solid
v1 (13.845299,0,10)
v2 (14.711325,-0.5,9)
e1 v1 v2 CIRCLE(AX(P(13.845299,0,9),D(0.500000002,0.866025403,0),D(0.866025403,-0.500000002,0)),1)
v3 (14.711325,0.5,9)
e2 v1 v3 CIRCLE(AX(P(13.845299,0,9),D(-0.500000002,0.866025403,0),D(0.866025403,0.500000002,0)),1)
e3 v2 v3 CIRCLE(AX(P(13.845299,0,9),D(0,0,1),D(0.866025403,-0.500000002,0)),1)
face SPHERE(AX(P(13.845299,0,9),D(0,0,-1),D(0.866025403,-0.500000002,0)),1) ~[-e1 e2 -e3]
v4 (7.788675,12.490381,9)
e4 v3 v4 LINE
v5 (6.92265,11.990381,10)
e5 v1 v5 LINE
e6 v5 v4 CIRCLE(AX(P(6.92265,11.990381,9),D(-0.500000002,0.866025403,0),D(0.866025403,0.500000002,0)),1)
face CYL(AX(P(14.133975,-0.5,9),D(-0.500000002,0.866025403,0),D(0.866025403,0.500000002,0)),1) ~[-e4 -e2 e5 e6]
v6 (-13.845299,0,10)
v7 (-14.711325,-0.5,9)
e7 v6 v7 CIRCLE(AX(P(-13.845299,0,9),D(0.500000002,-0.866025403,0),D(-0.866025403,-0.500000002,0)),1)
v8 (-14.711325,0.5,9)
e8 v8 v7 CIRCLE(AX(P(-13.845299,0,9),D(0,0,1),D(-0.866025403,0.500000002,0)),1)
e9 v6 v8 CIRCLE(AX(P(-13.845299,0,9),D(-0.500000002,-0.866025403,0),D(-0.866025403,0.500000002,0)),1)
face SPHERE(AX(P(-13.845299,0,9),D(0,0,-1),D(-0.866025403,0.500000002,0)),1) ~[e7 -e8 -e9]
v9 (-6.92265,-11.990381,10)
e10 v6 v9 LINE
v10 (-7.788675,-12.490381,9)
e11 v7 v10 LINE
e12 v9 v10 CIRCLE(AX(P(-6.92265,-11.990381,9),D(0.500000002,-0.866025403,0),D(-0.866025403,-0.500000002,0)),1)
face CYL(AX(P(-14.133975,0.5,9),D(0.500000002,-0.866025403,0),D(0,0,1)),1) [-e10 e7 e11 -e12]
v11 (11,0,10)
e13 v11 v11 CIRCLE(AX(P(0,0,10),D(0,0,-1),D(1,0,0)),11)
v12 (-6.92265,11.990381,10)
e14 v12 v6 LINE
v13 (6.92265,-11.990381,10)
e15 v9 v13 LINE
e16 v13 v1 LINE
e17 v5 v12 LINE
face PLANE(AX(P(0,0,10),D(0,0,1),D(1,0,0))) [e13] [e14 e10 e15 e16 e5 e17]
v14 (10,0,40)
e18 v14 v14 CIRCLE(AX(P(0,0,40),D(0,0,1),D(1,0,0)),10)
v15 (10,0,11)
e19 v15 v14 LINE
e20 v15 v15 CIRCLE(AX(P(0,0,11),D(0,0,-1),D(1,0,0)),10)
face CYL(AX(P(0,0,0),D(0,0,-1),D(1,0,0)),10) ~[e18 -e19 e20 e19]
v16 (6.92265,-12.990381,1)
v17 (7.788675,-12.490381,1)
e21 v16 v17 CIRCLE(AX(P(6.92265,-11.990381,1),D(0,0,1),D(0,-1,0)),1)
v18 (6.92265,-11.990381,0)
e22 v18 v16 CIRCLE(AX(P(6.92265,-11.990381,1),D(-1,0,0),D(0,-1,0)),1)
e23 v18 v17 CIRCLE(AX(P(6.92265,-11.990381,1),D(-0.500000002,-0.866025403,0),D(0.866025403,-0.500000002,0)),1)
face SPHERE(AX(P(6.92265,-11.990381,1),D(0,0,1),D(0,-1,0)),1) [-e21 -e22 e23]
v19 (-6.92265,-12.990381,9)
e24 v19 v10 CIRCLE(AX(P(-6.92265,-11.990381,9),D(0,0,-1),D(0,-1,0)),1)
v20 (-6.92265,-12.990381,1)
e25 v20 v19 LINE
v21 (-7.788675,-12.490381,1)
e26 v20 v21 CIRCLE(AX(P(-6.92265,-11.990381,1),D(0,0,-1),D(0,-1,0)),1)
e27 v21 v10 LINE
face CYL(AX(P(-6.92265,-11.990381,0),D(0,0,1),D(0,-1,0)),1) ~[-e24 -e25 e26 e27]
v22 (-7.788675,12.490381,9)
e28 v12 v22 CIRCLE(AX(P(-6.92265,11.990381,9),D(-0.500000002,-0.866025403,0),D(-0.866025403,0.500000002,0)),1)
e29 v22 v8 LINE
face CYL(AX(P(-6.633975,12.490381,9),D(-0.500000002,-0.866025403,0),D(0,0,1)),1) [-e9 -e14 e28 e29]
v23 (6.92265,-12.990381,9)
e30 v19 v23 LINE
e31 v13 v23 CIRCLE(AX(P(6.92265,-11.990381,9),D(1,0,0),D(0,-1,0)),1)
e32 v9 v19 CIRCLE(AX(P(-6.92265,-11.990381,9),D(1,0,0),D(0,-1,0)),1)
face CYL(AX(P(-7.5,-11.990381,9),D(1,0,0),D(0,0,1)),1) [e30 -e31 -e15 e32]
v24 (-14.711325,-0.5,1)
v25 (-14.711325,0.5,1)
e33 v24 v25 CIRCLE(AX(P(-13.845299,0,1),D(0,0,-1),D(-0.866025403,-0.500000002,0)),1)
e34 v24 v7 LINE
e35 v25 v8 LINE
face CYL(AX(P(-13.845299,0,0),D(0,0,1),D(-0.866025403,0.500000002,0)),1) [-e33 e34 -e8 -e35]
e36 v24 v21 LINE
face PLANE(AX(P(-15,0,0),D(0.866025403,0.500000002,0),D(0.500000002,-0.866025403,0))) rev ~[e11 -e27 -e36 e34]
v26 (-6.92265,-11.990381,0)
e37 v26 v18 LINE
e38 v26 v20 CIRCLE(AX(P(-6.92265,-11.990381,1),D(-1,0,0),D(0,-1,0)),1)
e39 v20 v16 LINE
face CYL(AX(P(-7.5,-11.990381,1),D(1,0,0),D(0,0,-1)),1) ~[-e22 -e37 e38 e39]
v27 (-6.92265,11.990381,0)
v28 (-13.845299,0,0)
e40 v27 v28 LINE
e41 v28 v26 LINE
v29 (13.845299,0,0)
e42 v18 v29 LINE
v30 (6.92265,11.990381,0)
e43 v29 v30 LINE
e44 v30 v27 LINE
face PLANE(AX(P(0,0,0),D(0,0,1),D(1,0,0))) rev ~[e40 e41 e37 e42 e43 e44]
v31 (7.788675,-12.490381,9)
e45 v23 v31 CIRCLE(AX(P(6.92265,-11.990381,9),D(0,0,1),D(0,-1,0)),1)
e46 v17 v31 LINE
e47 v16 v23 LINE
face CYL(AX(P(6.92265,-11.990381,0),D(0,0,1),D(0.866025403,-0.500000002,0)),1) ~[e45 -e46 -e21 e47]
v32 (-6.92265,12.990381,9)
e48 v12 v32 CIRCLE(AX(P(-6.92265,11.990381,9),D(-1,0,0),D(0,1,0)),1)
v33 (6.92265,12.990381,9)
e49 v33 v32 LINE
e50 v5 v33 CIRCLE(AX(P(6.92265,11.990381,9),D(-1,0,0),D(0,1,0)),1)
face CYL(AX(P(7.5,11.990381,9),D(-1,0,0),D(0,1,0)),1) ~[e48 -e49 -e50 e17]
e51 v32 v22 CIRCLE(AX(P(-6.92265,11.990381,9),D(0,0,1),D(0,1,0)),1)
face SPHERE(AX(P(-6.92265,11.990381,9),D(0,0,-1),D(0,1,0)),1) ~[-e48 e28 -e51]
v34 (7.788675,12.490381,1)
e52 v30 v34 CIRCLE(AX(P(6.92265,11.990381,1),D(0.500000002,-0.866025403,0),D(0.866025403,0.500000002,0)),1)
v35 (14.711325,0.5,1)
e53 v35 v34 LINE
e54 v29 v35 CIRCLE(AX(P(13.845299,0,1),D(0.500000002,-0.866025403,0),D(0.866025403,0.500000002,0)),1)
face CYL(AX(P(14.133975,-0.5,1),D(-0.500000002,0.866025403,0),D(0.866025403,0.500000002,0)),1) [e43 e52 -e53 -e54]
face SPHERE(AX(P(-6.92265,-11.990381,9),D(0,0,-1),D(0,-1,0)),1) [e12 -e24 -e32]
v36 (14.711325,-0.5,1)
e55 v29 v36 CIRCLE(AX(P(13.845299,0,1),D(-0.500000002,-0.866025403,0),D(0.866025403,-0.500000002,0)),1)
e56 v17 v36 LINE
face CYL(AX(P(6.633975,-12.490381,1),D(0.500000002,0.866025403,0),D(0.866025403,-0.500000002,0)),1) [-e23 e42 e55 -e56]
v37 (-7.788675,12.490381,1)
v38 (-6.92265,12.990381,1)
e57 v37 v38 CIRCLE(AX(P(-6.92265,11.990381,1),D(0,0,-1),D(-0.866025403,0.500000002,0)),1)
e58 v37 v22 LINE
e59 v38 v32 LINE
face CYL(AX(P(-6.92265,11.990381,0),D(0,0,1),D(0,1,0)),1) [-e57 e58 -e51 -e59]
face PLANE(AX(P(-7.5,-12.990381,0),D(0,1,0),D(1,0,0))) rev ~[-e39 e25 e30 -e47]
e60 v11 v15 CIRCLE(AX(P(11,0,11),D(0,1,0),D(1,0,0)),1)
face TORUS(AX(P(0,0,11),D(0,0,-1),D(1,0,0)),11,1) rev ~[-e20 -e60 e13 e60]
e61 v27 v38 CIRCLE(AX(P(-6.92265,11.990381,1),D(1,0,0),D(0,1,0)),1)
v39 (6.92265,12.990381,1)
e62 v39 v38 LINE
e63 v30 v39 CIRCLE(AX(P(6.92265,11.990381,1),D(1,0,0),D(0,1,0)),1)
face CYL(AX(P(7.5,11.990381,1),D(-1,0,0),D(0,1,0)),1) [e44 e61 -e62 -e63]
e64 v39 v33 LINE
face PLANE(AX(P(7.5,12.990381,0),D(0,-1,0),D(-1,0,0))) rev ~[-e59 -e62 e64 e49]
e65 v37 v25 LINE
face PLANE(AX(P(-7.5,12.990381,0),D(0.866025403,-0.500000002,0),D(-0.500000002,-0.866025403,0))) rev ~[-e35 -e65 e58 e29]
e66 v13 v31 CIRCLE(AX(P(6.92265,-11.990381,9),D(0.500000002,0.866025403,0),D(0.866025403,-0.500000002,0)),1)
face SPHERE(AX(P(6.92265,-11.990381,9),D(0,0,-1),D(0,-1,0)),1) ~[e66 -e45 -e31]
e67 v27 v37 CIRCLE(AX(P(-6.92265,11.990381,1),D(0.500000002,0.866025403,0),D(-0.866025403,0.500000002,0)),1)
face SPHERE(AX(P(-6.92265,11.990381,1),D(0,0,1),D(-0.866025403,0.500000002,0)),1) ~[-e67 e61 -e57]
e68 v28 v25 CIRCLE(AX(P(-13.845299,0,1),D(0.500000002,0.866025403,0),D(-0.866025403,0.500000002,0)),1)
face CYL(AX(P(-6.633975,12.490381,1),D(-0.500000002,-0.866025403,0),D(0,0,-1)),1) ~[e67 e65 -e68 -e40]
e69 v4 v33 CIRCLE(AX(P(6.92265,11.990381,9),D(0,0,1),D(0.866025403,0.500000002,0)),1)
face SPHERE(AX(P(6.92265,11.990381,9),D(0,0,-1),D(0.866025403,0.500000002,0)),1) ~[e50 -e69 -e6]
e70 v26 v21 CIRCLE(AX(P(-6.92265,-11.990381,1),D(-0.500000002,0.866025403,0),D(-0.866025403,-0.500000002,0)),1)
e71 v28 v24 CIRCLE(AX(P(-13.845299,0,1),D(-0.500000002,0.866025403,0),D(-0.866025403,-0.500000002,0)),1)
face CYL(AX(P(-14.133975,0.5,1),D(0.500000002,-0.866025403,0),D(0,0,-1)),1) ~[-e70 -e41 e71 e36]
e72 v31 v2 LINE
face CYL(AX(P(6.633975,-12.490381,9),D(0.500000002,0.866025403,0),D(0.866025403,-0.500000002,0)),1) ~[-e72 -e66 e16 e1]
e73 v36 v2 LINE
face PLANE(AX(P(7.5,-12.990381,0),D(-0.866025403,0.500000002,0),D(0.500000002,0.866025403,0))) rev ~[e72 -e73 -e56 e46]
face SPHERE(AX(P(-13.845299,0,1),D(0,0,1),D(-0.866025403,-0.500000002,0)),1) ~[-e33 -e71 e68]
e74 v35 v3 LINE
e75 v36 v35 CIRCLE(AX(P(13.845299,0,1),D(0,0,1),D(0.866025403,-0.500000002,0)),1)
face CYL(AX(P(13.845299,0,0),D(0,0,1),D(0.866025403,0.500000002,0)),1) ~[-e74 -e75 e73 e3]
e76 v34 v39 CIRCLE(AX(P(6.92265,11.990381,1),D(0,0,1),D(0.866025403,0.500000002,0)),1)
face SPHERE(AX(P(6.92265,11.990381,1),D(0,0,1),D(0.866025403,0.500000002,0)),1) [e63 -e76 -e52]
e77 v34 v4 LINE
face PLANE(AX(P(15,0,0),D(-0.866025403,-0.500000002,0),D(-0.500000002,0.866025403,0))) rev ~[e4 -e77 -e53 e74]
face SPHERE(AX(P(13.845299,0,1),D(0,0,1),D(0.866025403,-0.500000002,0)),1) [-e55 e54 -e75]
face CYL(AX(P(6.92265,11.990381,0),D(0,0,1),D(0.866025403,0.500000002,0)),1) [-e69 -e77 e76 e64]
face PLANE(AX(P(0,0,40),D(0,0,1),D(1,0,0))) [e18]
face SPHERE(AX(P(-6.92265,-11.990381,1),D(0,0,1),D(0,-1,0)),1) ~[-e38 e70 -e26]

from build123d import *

# Parameters (mm, degrees)
SKETCH_R     = 10
PAD_DEPTH    = 40
PAD001_DEPTH = 10
FILLET_R     = 1


with BuildPart() as part:
    # Sketch → Pad (new body)
    with BuildSketch(Plane.XY):
        Circle(SKETCH_R)
    extrude(amount=PAD_DEPTH)

    # Sketch001 → Pad001 (join)
    with BuildSketch(Plane.XY):
        Polygon((15, 0), (7.5, 12.990381), (-7.5, 12.990381), (-15, 0), (-7.5, -12.990381), (7.5, -12.990381), align=None)
    extrude(amount=PAD001_DEPTH)

    # Fillet
    fillet_edges = [part.edges().sort_by_distance(p)[0] for p in [
        (-7.5, -12.990381, 5),
        (7.5, -12.990381, 5),
        (0, -12.990381, 0),
        (0, -12.990381, 10),
        (15, 0, 5),
        (11.25, -6.495191, 0),
        (11.25, -6.495191, 10),
        (11.25, 6.495191, 10),
        (0, 12.990381, 10),
        (-11.25, 6.495191, 10),
        (-11.25, -6.495191, 10),
        (-10, 0, 10),
        (-15, 0, 5),
        (-11.25, -6.495191, 0),
        (-7.5, 12.990381, 5),
        (-11.25, 6.495191, 0),
        (11.25, 6.495191, 0),
        (0, 12.990381, 0),
        (7.5, 12.990381, 5),
    ]]
    fillet(fillet_edges, radius=FILLET_R)


solid = part.part
